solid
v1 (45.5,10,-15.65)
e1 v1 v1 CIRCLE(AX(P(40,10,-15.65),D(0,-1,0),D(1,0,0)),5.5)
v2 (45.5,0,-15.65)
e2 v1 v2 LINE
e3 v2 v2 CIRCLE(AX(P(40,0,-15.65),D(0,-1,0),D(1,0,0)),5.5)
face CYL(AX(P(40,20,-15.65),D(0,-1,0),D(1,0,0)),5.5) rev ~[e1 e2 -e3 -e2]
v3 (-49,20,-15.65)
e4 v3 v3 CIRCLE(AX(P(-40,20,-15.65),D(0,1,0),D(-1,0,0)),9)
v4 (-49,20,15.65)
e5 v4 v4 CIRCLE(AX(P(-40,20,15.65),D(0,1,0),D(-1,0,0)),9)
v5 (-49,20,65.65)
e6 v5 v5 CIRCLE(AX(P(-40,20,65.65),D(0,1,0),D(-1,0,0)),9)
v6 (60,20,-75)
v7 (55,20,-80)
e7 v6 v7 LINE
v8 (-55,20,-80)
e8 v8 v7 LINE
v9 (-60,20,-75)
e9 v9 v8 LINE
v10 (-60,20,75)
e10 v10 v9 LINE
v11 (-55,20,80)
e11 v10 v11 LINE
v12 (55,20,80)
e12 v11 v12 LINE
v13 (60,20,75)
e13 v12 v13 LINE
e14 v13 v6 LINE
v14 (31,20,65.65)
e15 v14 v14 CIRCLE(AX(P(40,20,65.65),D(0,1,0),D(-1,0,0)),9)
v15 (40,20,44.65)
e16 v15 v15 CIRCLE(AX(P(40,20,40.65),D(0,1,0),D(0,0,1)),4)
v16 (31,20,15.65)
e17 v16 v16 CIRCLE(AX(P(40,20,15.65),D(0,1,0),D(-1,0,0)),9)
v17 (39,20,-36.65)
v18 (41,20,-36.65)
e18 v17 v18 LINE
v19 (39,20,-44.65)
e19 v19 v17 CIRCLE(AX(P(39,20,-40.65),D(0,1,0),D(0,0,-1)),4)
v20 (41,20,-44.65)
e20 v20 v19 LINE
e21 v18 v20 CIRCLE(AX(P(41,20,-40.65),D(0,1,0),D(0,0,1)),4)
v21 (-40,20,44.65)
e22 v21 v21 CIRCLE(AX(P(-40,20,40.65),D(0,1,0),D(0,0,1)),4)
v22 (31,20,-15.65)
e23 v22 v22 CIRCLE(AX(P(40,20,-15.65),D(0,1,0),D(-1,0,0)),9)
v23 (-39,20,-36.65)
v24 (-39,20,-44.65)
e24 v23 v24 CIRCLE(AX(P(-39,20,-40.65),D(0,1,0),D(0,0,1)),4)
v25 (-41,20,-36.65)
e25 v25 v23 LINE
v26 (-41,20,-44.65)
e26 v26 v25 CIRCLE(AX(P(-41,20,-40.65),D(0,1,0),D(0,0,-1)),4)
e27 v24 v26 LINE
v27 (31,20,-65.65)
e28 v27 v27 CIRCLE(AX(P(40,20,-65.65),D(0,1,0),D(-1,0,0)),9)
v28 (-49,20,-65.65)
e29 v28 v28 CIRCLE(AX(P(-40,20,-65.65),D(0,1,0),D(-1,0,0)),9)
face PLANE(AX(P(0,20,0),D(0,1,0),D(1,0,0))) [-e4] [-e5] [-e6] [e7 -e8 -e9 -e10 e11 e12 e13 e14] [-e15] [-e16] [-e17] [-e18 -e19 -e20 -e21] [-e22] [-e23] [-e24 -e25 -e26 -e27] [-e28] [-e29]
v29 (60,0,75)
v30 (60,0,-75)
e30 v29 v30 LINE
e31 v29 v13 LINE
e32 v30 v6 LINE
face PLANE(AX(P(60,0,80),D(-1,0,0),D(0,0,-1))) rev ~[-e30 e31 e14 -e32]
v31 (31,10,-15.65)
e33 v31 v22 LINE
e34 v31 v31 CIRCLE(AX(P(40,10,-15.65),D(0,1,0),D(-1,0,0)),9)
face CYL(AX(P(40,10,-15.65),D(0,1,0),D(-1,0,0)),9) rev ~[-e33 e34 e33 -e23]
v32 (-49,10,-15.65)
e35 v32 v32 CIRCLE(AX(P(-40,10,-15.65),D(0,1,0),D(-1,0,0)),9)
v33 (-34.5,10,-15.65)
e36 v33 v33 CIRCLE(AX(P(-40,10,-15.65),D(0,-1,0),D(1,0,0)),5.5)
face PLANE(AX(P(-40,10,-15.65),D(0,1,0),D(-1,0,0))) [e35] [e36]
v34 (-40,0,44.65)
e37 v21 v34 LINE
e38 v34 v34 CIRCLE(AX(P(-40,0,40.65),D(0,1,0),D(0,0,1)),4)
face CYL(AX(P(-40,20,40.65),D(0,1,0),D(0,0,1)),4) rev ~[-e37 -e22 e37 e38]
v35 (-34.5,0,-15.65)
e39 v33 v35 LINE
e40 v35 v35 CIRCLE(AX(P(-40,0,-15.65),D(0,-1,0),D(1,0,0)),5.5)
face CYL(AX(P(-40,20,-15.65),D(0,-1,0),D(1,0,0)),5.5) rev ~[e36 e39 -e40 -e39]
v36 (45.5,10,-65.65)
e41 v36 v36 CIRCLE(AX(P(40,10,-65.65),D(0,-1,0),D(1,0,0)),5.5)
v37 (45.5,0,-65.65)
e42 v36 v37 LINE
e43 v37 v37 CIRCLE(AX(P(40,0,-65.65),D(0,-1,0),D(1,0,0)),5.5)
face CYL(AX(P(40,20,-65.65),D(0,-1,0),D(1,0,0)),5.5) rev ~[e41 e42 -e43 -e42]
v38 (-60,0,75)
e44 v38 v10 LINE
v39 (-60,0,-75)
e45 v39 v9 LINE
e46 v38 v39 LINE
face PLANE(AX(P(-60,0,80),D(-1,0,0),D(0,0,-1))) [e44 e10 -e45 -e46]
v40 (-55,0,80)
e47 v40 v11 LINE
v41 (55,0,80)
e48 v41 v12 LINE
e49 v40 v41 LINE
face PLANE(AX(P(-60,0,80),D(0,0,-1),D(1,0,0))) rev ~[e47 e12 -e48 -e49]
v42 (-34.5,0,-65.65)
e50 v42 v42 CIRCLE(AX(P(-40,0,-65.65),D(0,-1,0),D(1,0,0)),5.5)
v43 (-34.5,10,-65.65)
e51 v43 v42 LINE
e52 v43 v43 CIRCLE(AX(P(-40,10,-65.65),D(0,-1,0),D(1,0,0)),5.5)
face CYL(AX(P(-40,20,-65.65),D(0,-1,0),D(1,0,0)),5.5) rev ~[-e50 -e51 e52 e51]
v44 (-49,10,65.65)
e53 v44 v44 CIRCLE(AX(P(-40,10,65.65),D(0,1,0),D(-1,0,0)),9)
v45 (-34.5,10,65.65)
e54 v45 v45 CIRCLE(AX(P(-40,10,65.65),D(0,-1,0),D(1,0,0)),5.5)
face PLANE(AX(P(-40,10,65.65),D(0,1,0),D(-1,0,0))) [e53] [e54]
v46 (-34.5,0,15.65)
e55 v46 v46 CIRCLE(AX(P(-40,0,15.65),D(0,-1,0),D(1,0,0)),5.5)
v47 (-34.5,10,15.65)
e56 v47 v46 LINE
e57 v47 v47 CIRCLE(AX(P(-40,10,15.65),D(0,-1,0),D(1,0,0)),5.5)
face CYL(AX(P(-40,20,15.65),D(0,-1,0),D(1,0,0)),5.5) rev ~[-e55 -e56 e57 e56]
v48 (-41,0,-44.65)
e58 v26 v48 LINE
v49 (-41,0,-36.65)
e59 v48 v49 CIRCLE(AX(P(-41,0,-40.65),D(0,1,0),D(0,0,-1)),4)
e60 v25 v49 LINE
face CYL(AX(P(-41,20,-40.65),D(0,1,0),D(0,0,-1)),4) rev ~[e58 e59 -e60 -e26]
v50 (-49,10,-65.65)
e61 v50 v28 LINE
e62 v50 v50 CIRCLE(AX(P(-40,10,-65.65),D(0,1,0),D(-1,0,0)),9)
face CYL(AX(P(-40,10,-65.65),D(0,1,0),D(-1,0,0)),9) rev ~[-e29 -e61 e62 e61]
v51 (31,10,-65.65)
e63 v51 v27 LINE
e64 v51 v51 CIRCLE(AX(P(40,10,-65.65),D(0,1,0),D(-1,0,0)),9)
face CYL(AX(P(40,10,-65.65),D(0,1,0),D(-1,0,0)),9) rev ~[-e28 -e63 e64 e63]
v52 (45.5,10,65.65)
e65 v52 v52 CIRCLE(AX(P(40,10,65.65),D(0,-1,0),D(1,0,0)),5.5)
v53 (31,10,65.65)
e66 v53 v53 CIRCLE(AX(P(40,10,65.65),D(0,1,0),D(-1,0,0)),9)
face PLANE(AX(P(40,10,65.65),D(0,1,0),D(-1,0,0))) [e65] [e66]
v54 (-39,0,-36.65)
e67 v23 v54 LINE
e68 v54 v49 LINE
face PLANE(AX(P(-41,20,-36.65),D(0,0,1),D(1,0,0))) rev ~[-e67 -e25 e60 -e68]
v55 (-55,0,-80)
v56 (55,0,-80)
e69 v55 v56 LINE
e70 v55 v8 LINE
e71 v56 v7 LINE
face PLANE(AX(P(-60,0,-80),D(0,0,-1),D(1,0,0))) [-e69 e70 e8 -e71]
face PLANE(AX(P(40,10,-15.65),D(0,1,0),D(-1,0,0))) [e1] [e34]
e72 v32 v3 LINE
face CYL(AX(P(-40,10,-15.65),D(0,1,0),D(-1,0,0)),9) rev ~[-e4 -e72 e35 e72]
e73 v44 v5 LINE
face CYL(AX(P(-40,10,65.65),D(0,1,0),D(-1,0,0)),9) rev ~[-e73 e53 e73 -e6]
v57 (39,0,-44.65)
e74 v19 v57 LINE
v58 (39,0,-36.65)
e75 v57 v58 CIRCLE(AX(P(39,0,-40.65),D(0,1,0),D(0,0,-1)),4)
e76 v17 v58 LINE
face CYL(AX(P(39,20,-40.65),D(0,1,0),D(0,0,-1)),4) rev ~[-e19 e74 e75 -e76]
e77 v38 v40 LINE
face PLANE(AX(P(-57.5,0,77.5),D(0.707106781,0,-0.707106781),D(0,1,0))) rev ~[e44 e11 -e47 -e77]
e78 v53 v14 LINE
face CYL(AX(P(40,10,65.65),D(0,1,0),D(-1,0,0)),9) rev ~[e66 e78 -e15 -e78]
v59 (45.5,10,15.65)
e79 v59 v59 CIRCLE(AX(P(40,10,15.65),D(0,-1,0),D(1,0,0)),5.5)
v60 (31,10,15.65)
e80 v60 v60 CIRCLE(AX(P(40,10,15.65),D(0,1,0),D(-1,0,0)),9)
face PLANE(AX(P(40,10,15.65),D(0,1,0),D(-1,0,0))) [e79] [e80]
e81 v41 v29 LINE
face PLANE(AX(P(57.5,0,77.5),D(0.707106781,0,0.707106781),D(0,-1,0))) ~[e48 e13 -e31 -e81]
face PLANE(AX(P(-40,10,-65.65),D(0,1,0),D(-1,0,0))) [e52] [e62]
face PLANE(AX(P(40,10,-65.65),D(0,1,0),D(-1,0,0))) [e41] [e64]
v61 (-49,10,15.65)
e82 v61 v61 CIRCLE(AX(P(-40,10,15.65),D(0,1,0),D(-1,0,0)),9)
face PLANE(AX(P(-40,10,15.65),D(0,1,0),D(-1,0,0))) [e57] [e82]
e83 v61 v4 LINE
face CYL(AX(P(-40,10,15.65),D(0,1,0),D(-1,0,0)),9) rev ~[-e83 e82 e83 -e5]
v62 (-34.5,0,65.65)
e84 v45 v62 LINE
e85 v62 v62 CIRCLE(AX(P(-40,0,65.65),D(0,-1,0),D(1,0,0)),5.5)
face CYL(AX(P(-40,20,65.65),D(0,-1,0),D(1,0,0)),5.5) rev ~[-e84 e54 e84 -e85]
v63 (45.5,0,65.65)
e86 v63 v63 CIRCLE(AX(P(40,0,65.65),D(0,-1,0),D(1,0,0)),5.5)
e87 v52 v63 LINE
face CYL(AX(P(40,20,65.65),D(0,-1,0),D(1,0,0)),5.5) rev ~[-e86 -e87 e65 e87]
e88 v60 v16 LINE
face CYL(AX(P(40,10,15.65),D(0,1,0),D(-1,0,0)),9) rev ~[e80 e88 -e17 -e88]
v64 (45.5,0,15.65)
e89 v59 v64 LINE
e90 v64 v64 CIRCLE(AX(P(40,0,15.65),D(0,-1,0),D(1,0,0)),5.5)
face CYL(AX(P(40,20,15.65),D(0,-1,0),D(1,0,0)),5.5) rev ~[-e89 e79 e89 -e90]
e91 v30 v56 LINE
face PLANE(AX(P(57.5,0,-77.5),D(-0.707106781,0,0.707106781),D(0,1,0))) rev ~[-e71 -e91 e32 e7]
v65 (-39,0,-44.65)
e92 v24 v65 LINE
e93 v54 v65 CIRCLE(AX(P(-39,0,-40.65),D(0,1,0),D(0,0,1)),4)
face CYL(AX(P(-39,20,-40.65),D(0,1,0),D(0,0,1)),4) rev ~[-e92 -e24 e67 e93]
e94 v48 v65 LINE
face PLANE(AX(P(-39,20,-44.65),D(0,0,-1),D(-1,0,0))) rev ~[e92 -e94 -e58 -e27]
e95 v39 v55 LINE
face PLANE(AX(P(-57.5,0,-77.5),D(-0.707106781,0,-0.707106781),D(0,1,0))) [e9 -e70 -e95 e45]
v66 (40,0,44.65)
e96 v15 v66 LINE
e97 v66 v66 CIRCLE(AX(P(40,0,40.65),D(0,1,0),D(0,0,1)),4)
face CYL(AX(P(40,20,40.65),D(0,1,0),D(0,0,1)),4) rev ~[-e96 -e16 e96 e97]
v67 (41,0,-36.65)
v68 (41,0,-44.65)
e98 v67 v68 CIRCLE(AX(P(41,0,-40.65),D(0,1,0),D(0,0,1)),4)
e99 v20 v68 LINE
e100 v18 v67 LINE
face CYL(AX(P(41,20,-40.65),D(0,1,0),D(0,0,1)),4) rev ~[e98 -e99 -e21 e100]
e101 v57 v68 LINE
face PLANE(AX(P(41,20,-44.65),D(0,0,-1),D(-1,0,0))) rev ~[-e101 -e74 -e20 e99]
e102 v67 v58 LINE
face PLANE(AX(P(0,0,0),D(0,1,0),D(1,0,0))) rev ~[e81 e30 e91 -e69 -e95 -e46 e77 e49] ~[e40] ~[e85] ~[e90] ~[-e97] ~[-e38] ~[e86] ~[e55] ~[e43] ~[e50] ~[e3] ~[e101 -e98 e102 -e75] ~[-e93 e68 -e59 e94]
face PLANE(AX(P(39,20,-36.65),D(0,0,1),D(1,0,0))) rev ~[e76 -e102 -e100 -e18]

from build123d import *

# Parameters (mm, degrees)
SKETCH_1_W                    = 120
SKETCH_1_H                    = 160
EXTRUDE_1_DEPTH               = 20
CHAMFER_1_SIZE                = 5
HOLE_WIZARD_M10_1_D           = 11
HOLE_WIZARD_M10_1_CBORE_D     = 18
HOLE_WIZARD_M10_1_CBORE_DEPTH = 10
CUT_EXTRUDE_1_REACH           = 103.98
SKETCH_6_R                    = 4


with BuildPart() as part:
    # 草圖1 → 伸長1 (new body)
    with BuildSketch(Plane(origin=(0, 0, 0), x_dir=(1, 0, 0), z_dir=(0, 1, 0))):
        Rectangle(SKETCH_1_W, SKETCH_1_H)
    extrude(amount=EXTRUDE_1_DEPTH)

    # 導角1
    chamfer_1_edges = [part.edges().sort_by_distance(p)[0] for p in [
        (-60, 10, -80),
        (60, 10, -80),
        (60, 10, 80),
        (-60, 10, 80),
    ]]
    chamfer(chamfer_1_edges, length=CHAMFER_1_SIZE)

    # M10 六角承窩頭蓋螺釘的柱孔1 (through all)
    with Locations(Plane(origin=(0, 20, 0), x_dir=(-1, 0, 0), z_dir=(0, 1, 0))):
        with Locations((40, -65.65), (40, -15.65), (40, 15.65), (40, 65.65), (-40, -65.65), (-40, -15.65), (-40, 15.65), (-40, 65.65)):
            CounterBoreHole(HOLE_WIZARD_M10_1_D / 2, HOLE_WIZARD_M10_1_CBORE_D / 2, HOLE_WIZARD_M10_1_CBORE_DEPTH)

    # 草圖6 → 除料-伸長1 (cut, up to next)
    with BuildSketch(Plane(origin=(0, 20, 0), x_dir=(1, 0, 0), z_dir=(0, 1, 0)), mode=Mode.PRIVATE) as cut_extrude_1_sk1:
        with Locations(Location((40, -40.65, 0), (0, 0, 270))):
            Circle(SKETCH_6_R)
    cut_extrude_1_tool1 = extrude(cut_extrude_1_sk1.sketch, amount=-CUT_EXTRUDE_1_REACH, mode=Mode.PRIVATE) & part.part
    # 草圖6 → 除料-伸長1 (cut, up to next)
    with BuildSketch(Plane(origin=(0, 20, 0), x_dir=(1, 0, 0), z_dir=(0, 1, 0)), mode=Mode.PRIVATE) as cut_extrude_1_sk2:
        with Locations(Location((-40, -40.65, 0), (0, 0, 270))):
            Circle(SKETCH_6_R)
    cut_extrude_1_tool2 = extrude(cut_extrude_1_sk2.sketch, amount=-CUT_EXTRUDE_1_REACH, mode=Mode.PRIVATE) & part.part
    # 草圖6 → 除料-伸長1 (cut, up to next)
    with BuildSketch(Plane(origin=(0, 20, 0), x_dir=(1, 0, 0), z_dir=(0, 1, 0)), mode=Mode.PRIVATE) as cut_extrude_1_sk3:
        with BuildLine():
            Line((39, 36.65), (41, 36.65))
            ThreePointArc((41, 36.65), (45, 40.65), (41, 44.65))
            Line((41, 44.65), (39, 44.65))
            ThreePointArc((39, 44.65), (35, 40.65), (39, 36.65))
        make_face()
    cut_extrude_1_tool3 = extrude(cut_extrude_1_sk3.sketch, amount=-CUT_EXTRUDE_1_REACH, mode=Mode.PRIVATE) & part.part
    # 草圖6 → 除料-伸長1 (cut, up to next)
    with BuildSketch(Plane(origin=(0, 20, 0), x_dir=(1, 0, 0), z_dir=(0, 1, 0)), mode=Mode.PRIVATE) as cut_extrude_1_sk4:
        with BuildLine():
            Line((-41, 36.65), (-39, 36.65))
            ThreePointArc((-39, 36.65), (-35, 40.65), (-39, 44.65))
            Line((-39, 44.65), (-41, 44.65))
            ThreePointArc((-41, 44.65), (-45, 40.65), (-41, 36.65))
        make_face()
    cut_extrude_1_tool4 = extrude(cut_extrude_1_sk4.sketch, amount=-CUT_EXTRUDE_1_REACH, mode=Mode.PRIVATE) & part.part
    add(cut_extrude_1_tool1.solids().sort_by_distance((40, 20, 40.65))[0], mode=Mode.SUBTRACT)
    add(cut_extrude_1_tool2.solids().sort_by_distance((-40, 20, 40.65))[0], mode=Mode.SUBTRACT)
    add(cut_extrude_1_tool3.solids().sort_by_distance((40, 20, -40.65))[0], mode=Mode.SUBTRACT)
    add(cut_extrude_1_tool4.solids().sort_by_distance((-40, 20, -40.65))[0], mode=Mode.SUBTRACT)


solid = part.part
